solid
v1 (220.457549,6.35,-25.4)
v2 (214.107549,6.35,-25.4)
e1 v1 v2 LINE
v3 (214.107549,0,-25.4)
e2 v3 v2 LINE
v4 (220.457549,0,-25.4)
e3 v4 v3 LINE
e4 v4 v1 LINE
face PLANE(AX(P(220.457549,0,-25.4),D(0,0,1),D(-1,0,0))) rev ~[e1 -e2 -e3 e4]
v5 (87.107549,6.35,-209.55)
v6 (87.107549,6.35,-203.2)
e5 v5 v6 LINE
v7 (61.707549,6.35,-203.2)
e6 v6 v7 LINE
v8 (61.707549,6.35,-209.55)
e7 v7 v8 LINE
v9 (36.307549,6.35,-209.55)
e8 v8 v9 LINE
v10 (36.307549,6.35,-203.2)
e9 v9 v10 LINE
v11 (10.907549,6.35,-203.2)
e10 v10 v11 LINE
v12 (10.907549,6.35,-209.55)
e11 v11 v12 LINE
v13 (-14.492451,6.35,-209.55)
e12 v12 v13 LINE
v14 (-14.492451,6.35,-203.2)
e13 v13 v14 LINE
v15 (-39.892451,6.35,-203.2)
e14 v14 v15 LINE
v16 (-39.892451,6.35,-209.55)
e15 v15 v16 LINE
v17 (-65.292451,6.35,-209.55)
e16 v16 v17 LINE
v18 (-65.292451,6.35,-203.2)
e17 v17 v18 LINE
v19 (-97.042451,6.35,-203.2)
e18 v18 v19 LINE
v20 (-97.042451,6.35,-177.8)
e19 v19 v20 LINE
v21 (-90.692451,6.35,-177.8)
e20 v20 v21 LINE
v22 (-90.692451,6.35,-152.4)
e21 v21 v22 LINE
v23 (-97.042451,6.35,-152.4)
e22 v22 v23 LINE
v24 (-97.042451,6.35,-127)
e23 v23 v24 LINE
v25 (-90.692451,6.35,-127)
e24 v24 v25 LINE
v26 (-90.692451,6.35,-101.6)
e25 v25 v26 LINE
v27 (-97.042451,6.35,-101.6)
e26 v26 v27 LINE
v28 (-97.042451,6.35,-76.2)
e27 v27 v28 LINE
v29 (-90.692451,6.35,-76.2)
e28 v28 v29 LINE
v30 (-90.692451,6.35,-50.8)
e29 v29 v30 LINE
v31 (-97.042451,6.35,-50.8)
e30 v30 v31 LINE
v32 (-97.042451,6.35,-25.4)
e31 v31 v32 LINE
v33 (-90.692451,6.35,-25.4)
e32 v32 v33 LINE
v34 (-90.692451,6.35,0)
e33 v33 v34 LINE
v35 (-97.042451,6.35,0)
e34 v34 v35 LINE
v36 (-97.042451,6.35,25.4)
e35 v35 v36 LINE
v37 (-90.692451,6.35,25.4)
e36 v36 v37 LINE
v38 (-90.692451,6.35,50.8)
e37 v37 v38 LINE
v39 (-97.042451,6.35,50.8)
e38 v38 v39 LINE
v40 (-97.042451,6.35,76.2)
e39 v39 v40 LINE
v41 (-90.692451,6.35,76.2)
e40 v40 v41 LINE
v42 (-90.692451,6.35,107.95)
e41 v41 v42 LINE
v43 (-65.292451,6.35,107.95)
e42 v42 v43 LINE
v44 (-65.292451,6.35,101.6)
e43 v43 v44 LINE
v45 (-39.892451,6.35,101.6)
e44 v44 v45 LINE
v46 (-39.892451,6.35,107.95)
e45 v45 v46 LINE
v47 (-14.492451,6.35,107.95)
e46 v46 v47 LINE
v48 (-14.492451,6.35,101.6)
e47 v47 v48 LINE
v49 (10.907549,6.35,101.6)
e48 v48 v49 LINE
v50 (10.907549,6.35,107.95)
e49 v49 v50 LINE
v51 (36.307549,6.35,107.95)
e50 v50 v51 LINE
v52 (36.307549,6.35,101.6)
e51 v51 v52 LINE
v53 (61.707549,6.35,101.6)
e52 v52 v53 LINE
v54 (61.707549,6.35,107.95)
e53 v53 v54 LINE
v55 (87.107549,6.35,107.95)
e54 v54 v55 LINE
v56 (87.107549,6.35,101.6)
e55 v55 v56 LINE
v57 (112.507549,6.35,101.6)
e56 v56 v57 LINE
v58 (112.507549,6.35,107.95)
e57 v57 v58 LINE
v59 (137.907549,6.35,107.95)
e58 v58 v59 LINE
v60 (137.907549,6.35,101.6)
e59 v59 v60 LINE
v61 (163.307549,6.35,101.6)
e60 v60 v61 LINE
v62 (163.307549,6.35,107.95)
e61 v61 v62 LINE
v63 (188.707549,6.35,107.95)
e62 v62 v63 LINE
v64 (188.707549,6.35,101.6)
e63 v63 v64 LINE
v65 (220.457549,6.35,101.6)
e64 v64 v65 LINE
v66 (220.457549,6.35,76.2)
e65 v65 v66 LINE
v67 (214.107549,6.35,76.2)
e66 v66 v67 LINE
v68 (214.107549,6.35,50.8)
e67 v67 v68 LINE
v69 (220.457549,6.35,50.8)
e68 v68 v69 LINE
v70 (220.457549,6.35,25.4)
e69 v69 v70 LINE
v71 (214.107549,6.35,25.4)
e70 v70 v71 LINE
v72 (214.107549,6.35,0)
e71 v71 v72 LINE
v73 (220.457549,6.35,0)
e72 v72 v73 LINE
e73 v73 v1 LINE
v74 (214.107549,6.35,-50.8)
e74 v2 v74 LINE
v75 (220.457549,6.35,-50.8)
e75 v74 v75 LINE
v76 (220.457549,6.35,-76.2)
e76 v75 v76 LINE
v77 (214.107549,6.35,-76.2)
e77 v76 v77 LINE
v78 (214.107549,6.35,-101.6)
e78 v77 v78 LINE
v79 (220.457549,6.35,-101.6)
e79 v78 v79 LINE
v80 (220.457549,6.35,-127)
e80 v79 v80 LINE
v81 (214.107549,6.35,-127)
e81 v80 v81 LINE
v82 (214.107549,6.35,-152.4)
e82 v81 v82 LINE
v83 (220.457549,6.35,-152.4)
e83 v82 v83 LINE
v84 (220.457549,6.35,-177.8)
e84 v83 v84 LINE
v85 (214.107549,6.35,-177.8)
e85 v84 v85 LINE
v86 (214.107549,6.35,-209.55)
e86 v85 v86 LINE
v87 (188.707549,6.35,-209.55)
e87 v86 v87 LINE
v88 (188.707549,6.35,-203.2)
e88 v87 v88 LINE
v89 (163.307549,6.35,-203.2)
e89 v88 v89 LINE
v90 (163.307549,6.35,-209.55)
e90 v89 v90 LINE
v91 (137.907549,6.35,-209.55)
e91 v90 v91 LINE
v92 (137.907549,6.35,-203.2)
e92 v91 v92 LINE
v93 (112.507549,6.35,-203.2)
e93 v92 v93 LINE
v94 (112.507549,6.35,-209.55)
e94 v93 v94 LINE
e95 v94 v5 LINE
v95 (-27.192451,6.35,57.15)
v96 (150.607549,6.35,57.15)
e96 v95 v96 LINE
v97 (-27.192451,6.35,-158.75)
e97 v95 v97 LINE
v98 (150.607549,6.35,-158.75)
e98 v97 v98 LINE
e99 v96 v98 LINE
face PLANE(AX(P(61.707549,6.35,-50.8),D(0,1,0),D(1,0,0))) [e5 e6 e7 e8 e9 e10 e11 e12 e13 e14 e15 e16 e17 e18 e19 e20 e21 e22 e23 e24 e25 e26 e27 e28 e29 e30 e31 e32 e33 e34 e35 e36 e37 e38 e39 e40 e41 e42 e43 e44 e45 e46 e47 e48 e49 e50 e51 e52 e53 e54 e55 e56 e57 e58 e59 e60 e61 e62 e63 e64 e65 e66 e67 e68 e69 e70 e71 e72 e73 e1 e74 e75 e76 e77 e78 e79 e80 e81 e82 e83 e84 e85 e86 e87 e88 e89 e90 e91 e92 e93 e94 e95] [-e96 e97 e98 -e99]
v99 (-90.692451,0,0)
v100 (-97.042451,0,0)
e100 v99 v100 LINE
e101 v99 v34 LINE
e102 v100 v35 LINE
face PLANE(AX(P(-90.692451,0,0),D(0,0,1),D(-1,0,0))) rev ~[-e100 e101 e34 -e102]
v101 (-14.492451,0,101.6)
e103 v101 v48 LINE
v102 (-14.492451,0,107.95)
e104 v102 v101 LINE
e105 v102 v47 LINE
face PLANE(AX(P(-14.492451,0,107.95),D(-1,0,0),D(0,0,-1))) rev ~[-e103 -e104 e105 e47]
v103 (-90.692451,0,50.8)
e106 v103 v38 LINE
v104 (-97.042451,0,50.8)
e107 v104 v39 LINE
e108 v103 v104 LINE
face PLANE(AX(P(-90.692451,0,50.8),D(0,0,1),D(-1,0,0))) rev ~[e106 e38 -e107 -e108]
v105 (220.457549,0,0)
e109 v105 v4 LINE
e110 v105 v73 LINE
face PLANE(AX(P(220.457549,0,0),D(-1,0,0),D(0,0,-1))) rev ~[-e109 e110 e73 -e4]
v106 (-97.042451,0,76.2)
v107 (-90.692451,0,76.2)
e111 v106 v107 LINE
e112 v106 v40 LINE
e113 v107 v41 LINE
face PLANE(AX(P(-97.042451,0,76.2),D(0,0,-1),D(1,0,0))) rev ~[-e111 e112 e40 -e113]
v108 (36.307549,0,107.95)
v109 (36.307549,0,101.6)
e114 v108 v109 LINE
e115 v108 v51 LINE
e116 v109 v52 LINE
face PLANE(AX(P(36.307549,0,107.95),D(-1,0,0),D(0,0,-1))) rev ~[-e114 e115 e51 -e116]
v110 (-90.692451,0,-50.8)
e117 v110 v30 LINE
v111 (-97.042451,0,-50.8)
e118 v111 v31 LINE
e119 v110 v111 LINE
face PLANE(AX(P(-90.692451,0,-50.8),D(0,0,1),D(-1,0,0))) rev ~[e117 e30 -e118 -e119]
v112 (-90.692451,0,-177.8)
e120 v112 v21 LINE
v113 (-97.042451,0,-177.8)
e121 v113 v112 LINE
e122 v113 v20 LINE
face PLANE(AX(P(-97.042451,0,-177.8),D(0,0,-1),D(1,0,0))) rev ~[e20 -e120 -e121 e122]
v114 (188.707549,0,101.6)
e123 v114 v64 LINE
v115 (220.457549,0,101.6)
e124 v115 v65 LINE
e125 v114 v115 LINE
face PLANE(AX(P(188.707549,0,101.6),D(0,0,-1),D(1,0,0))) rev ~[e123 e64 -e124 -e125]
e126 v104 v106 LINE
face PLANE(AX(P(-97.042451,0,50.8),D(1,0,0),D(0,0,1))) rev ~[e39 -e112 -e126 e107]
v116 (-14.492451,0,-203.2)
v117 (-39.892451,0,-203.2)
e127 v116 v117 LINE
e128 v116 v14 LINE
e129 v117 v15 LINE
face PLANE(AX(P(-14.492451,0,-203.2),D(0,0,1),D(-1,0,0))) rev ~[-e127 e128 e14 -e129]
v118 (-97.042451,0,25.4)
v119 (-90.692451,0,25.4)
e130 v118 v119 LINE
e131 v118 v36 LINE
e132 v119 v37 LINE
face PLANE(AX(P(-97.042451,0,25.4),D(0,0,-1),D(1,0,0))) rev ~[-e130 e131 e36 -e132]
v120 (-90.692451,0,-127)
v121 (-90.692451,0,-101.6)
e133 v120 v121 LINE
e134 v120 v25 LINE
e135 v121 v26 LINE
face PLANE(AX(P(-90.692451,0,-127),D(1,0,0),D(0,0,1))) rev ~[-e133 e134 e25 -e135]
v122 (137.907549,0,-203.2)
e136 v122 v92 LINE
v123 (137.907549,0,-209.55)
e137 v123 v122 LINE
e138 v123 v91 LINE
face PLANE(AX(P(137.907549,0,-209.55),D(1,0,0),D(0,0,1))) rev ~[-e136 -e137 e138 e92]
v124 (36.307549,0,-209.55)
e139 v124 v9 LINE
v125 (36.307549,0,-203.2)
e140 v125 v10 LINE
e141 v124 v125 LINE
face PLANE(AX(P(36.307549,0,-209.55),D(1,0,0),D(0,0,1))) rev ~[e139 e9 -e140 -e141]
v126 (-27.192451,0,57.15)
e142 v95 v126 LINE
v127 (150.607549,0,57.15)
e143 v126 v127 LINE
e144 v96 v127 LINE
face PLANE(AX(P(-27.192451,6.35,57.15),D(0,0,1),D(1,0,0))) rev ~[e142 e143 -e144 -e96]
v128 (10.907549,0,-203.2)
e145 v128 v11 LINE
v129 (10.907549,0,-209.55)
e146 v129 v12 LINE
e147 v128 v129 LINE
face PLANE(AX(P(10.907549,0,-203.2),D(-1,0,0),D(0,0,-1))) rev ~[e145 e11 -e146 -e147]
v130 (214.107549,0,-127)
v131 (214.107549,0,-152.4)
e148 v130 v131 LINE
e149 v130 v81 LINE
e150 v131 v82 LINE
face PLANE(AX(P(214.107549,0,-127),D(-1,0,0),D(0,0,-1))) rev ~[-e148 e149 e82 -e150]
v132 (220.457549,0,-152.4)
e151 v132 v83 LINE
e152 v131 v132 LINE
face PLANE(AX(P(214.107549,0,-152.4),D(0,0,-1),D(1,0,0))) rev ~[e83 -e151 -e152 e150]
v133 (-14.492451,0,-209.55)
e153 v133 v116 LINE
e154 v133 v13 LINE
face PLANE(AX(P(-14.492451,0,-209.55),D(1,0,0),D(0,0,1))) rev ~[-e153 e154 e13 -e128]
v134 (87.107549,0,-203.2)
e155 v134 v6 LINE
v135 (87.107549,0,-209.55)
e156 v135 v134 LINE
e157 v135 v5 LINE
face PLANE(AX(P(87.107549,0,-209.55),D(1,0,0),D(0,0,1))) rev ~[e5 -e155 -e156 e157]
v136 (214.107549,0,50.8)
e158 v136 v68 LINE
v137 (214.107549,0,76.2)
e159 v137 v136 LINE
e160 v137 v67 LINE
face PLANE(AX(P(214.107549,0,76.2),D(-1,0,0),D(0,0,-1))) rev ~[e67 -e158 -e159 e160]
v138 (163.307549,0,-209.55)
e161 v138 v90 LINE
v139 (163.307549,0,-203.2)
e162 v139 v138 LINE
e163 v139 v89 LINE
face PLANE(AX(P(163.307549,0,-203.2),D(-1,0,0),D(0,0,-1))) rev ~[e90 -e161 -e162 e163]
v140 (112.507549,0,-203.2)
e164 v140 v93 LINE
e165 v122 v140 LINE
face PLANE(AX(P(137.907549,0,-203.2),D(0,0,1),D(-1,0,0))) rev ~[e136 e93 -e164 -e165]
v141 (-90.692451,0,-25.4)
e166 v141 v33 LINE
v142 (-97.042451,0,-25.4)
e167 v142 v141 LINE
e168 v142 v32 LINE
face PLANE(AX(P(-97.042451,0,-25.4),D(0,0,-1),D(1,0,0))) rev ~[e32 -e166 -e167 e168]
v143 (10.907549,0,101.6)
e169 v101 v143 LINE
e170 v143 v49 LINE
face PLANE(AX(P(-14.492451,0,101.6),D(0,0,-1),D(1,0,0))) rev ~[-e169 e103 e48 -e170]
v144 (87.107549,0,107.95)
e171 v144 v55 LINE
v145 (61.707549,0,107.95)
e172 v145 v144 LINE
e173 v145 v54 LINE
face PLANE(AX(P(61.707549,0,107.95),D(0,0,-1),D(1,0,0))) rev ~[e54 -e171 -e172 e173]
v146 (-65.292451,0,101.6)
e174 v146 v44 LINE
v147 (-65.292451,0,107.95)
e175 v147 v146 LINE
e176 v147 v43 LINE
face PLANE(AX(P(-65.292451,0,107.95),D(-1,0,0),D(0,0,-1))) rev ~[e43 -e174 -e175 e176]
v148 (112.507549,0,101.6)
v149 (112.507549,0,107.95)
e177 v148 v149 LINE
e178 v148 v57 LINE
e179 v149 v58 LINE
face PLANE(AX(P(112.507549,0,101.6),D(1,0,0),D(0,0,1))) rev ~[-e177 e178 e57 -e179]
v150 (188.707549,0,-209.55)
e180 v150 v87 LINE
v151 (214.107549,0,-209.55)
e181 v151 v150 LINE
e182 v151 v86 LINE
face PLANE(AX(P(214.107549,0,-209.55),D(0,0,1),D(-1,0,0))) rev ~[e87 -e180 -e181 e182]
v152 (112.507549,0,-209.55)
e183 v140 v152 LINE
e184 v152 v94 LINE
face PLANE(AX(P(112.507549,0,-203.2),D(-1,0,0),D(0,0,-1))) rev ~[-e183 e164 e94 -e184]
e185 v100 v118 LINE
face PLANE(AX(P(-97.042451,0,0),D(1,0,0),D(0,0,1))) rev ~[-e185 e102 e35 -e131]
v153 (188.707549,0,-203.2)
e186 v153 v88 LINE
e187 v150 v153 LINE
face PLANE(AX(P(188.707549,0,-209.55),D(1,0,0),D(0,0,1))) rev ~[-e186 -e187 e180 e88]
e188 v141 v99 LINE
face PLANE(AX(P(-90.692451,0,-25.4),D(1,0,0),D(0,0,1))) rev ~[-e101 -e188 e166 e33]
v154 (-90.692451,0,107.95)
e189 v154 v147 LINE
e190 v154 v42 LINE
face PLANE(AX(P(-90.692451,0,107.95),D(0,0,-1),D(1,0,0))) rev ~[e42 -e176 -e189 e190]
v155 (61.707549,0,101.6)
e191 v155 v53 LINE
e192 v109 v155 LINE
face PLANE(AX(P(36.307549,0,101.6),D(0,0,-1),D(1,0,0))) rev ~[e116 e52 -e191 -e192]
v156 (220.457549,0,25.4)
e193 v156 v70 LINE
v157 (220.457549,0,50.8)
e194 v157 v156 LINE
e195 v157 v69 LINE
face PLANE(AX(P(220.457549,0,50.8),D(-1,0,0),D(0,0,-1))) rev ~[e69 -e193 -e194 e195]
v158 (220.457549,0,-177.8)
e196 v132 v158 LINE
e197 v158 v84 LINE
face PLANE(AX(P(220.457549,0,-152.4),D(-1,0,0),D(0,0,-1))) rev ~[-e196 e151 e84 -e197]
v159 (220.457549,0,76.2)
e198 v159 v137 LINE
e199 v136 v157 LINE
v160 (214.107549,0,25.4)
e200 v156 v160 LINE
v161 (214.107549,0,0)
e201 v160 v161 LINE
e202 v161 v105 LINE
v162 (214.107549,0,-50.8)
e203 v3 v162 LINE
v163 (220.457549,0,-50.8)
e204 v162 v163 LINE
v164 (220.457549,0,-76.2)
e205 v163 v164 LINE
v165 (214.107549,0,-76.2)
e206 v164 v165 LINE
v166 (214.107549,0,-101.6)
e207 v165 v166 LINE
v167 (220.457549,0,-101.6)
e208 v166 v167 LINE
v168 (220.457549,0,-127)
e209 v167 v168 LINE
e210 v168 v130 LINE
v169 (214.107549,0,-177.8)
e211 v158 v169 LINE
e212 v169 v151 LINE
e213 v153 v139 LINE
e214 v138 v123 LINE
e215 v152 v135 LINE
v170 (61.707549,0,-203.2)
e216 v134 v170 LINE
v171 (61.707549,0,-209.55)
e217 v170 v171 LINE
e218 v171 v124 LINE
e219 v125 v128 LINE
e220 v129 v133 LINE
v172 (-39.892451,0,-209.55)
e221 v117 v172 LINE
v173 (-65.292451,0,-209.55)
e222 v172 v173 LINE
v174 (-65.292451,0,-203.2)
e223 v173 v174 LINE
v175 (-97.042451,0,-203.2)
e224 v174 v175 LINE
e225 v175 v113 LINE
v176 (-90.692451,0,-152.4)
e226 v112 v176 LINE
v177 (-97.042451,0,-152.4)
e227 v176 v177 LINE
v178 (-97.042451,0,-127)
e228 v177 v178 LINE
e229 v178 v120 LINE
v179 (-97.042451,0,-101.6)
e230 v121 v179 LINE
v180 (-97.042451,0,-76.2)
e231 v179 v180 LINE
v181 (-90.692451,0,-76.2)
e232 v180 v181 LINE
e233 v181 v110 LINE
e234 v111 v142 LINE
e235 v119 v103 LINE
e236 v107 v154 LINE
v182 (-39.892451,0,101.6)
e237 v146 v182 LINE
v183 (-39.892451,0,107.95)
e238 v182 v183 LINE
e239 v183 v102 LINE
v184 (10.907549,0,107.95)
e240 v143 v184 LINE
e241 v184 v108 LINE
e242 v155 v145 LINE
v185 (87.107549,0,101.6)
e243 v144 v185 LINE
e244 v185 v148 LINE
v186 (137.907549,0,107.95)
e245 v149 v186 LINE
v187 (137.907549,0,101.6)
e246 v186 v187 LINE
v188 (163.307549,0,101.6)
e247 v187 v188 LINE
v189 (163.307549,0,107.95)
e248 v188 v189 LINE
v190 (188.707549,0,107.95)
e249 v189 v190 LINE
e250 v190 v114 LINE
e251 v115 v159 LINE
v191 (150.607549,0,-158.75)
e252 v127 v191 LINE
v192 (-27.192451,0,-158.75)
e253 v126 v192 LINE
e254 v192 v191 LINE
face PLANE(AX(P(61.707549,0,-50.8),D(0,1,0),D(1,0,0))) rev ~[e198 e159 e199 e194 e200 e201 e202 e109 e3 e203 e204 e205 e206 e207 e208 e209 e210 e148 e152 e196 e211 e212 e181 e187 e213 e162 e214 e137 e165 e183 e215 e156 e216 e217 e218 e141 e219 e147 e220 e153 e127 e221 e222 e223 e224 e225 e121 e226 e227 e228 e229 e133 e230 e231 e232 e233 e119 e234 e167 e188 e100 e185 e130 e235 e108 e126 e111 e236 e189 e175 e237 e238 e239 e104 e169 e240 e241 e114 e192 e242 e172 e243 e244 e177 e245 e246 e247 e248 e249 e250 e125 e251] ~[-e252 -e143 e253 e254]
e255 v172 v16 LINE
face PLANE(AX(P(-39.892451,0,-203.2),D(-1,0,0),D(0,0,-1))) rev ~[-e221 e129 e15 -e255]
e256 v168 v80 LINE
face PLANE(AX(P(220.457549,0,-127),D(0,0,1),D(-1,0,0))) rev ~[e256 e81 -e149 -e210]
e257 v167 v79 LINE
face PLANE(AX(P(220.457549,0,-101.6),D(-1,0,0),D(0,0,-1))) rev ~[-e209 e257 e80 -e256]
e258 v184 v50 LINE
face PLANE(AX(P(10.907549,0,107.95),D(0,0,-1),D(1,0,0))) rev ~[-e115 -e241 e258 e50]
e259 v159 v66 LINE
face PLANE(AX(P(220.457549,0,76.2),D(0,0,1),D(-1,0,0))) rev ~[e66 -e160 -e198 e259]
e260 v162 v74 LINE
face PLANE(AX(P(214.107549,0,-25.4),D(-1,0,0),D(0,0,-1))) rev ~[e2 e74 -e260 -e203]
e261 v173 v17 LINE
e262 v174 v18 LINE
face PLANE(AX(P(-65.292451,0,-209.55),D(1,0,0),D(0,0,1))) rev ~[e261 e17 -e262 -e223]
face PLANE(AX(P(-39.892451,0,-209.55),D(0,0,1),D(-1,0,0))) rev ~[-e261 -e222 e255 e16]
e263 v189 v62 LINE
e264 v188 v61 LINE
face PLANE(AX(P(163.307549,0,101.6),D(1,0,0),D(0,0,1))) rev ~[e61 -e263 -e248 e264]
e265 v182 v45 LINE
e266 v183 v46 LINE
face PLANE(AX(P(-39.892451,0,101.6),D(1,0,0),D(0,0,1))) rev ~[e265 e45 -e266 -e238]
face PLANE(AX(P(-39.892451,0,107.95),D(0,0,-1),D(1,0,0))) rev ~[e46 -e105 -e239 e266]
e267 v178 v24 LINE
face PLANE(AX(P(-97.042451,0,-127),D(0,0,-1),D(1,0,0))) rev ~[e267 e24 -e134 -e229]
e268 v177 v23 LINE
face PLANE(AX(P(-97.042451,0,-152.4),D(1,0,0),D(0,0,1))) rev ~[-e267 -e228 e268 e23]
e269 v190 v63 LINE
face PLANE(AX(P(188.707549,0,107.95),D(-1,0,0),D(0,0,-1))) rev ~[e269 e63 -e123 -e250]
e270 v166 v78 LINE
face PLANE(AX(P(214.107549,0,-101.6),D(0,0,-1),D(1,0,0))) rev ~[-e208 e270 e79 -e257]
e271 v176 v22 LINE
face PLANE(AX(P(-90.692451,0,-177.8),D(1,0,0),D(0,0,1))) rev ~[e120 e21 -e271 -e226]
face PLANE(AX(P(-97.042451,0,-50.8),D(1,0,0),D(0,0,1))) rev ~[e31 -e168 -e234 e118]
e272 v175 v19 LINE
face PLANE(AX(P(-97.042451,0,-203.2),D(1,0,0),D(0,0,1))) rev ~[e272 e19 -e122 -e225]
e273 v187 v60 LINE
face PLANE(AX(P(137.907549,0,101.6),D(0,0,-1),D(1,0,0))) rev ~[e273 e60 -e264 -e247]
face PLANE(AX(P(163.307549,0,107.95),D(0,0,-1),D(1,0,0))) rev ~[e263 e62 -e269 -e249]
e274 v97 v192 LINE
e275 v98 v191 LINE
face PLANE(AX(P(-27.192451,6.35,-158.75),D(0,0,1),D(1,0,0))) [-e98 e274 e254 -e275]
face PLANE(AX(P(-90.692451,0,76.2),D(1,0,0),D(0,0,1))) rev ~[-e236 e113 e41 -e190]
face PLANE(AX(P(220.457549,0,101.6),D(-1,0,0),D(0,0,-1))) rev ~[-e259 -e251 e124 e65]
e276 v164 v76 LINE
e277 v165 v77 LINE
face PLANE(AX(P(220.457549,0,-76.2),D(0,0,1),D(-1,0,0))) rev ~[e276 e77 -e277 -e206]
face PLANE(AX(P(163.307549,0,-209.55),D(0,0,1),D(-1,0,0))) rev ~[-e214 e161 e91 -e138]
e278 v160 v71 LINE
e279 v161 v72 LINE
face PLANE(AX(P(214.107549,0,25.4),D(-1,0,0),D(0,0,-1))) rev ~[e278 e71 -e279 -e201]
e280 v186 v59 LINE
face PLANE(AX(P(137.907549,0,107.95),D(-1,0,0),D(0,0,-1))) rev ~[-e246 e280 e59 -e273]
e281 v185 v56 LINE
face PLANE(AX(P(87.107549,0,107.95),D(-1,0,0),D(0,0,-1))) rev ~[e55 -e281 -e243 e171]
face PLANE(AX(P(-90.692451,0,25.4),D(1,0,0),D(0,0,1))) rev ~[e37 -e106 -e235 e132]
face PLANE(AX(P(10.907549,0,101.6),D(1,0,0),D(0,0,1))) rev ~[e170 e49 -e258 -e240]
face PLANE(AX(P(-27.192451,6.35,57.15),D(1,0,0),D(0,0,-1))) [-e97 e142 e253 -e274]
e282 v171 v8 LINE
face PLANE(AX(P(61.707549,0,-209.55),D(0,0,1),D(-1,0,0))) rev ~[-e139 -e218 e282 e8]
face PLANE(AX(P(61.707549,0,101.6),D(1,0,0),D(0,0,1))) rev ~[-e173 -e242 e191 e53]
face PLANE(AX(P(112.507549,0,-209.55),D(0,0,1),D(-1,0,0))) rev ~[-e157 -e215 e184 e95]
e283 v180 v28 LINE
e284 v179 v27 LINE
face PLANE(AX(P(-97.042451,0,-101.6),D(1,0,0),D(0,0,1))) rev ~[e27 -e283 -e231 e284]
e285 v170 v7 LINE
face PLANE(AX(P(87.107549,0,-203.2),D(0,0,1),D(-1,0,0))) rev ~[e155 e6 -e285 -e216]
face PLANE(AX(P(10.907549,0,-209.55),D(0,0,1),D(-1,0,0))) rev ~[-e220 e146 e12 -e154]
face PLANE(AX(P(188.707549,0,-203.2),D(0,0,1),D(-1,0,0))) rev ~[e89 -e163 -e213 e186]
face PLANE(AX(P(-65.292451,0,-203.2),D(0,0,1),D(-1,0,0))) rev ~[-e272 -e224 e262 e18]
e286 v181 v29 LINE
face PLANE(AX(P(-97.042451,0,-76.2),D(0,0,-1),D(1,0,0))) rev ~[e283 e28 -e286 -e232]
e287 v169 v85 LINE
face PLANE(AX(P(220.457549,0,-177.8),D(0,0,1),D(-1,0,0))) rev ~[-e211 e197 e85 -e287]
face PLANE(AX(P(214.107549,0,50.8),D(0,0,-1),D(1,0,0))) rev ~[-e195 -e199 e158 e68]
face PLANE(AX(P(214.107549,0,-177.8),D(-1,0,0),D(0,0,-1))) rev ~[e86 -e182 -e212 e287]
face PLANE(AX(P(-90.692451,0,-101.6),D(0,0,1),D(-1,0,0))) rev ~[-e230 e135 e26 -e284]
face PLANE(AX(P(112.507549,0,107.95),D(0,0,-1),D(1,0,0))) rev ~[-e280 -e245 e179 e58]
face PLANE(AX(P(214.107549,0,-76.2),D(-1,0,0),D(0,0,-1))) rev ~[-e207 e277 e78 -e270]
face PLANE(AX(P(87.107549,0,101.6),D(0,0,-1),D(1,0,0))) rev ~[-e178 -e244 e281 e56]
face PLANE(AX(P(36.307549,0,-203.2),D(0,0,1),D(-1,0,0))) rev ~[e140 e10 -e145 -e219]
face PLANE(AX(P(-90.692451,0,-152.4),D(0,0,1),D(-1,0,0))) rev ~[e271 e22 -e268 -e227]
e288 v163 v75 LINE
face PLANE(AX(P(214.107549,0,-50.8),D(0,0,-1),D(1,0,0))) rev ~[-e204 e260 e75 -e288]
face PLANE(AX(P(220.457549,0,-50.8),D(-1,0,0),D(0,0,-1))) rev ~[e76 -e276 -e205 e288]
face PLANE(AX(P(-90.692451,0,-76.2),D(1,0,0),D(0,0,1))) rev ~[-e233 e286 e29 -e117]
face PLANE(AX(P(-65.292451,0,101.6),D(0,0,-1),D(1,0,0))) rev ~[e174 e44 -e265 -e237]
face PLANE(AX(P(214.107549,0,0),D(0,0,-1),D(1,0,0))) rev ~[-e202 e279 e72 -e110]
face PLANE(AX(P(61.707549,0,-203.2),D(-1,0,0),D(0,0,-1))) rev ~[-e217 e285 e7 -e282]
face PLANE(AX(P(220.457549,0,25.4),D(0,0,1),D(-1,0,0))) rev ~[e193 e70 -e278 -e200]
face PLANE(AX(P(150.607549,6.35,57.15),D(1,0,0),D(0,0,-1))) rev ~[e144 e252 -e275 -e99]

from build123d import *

# Parameters (mm, degrees)
BOSS_EXTRUDE1_DEPTH = 6.35
SKETCH2_W           = 177.8
SKETCH2_H           = 215.9
CUT_EXTRUDE2_DEPTH  = 6.35


with BuildPart() as part:
    # Sketch1 → Boss-Extrude1 (new body)
    with BuildSketch(Plane(origin=(0, 0, 0), x_dir=(1, 0, 0), z_dir=(0, 1, 0))):
        Polygon((-65.292450766, -101.6), (-39.892450766, -101.6), (-39.892450766, -107.95), (-14.492450766, -107.95), (-14.492450766, -101.6), (10.907549234, -101.6), (10.907549234, -107.95), (36.307549234, -107.95), (36.307549234, -101.6), (61.707549234, -101.6), (61.707549234, -107.95), (87.107549234, -107.95), (87.107549234, -101.6), (112.507549234, -101.6), (112.507549234, -107.95), (137.907549234, -107.95), (137.907549234, -101.6), (163.307549234, -101.6), (163.307549234, -107.95), (188.707549234, -107.95), (188.707549234, -101.6), (220.457549234, -101.6), (220.457549234, -76.2), (214.107549234, -76.2), (214.107549234, -50.8), (220.457549234, -50.8), (220.457549234, -25.4), (214.107549234, -25.4), (214.107549234, 0), (220.457549234, 0), (220.457549234, 25.4), (214.107549234, 25.4), (214.107549234, 50.8), (220.457549234, 50.8), (220.457549234, 76.2), (214.107549234, 76.2), (214.107549234, 101.6), (220.457549234, 101.6), (220.457549234, 127), (214.107549234, 127), (214.107549234, 152.4), (220.457549234, 152.4), (220.457549234, 177.8), (214.107549234, 177.8), (214.107549234, 209.55), (188.707549234, 209.55), (188.707549234, 203.2), (163.307549234, 203.2), (163.307549234, 209.55), (137.907549234, 209.55), (137.907549234, 203.2), (112.507549234, 203.2), (112.507549234, 209.55), (87.107549234, 209.55), (87.107549234, 203.2), (61.707549234, 203.2), (61.707549234, 209.55), (36.307549234, 209.55), (36.307549234, 203.2), (10.907549234, 203.2), (10.907549234, 209.55), (-14.492450766, 209.55), (-14.492450766, 203.2), (-39.892450766, 203.2), (-39.892450766, 209.55), (-65.292450766, 209.55), (-65.292450766, 203.2), (-97.042450766, 203.2), (-97.042450766, 177.8), (-90.692450766, 177.8), (-90.692450766, 152.4), (-97.042450766, 152.4), (-97.042450766, 127), (-90.692450766, 127), (-90.692450766, 101.6), (-97.042450766, 101.6), (-97.042450766, 76.2), (-90.692450766, 76.2), (-90.692450766, 50.8), (-97.042450766, 50.8), (-97.042450766, 25.4), (-90.692450766, 25.4), (-90.692450766, 0), (-97.042450766, 0), (-97.042450766, -25.4), (-90.692450766, -25.4), (-90.692450766, -50.8), (-97.042450766, -50.8), (-97.042450766, -76.2), (-90.692450766, -76.2), (-90.692450766, -107.95), (-65.292450766, -107.95), align=None)
    extrude(amount=BOSS_EXTRUDE1_DEPTH)

    # Sketch2 → Cut-Extrude2 (cut)
    with BuildSketch(Plane(origin=(0, 6.35, 0), x_dir=(1, 0, 0), z_dir=(0, 1, 0))):
        with Locations((61.707549234, 50.8)):
            Rectangle(SKETCH2_W, SKETCH2_H)
    extrude(amount=-CUT_EXTRUDE2_DEPTH, mode=Mode.SUBTRACT)


solid = part.part
